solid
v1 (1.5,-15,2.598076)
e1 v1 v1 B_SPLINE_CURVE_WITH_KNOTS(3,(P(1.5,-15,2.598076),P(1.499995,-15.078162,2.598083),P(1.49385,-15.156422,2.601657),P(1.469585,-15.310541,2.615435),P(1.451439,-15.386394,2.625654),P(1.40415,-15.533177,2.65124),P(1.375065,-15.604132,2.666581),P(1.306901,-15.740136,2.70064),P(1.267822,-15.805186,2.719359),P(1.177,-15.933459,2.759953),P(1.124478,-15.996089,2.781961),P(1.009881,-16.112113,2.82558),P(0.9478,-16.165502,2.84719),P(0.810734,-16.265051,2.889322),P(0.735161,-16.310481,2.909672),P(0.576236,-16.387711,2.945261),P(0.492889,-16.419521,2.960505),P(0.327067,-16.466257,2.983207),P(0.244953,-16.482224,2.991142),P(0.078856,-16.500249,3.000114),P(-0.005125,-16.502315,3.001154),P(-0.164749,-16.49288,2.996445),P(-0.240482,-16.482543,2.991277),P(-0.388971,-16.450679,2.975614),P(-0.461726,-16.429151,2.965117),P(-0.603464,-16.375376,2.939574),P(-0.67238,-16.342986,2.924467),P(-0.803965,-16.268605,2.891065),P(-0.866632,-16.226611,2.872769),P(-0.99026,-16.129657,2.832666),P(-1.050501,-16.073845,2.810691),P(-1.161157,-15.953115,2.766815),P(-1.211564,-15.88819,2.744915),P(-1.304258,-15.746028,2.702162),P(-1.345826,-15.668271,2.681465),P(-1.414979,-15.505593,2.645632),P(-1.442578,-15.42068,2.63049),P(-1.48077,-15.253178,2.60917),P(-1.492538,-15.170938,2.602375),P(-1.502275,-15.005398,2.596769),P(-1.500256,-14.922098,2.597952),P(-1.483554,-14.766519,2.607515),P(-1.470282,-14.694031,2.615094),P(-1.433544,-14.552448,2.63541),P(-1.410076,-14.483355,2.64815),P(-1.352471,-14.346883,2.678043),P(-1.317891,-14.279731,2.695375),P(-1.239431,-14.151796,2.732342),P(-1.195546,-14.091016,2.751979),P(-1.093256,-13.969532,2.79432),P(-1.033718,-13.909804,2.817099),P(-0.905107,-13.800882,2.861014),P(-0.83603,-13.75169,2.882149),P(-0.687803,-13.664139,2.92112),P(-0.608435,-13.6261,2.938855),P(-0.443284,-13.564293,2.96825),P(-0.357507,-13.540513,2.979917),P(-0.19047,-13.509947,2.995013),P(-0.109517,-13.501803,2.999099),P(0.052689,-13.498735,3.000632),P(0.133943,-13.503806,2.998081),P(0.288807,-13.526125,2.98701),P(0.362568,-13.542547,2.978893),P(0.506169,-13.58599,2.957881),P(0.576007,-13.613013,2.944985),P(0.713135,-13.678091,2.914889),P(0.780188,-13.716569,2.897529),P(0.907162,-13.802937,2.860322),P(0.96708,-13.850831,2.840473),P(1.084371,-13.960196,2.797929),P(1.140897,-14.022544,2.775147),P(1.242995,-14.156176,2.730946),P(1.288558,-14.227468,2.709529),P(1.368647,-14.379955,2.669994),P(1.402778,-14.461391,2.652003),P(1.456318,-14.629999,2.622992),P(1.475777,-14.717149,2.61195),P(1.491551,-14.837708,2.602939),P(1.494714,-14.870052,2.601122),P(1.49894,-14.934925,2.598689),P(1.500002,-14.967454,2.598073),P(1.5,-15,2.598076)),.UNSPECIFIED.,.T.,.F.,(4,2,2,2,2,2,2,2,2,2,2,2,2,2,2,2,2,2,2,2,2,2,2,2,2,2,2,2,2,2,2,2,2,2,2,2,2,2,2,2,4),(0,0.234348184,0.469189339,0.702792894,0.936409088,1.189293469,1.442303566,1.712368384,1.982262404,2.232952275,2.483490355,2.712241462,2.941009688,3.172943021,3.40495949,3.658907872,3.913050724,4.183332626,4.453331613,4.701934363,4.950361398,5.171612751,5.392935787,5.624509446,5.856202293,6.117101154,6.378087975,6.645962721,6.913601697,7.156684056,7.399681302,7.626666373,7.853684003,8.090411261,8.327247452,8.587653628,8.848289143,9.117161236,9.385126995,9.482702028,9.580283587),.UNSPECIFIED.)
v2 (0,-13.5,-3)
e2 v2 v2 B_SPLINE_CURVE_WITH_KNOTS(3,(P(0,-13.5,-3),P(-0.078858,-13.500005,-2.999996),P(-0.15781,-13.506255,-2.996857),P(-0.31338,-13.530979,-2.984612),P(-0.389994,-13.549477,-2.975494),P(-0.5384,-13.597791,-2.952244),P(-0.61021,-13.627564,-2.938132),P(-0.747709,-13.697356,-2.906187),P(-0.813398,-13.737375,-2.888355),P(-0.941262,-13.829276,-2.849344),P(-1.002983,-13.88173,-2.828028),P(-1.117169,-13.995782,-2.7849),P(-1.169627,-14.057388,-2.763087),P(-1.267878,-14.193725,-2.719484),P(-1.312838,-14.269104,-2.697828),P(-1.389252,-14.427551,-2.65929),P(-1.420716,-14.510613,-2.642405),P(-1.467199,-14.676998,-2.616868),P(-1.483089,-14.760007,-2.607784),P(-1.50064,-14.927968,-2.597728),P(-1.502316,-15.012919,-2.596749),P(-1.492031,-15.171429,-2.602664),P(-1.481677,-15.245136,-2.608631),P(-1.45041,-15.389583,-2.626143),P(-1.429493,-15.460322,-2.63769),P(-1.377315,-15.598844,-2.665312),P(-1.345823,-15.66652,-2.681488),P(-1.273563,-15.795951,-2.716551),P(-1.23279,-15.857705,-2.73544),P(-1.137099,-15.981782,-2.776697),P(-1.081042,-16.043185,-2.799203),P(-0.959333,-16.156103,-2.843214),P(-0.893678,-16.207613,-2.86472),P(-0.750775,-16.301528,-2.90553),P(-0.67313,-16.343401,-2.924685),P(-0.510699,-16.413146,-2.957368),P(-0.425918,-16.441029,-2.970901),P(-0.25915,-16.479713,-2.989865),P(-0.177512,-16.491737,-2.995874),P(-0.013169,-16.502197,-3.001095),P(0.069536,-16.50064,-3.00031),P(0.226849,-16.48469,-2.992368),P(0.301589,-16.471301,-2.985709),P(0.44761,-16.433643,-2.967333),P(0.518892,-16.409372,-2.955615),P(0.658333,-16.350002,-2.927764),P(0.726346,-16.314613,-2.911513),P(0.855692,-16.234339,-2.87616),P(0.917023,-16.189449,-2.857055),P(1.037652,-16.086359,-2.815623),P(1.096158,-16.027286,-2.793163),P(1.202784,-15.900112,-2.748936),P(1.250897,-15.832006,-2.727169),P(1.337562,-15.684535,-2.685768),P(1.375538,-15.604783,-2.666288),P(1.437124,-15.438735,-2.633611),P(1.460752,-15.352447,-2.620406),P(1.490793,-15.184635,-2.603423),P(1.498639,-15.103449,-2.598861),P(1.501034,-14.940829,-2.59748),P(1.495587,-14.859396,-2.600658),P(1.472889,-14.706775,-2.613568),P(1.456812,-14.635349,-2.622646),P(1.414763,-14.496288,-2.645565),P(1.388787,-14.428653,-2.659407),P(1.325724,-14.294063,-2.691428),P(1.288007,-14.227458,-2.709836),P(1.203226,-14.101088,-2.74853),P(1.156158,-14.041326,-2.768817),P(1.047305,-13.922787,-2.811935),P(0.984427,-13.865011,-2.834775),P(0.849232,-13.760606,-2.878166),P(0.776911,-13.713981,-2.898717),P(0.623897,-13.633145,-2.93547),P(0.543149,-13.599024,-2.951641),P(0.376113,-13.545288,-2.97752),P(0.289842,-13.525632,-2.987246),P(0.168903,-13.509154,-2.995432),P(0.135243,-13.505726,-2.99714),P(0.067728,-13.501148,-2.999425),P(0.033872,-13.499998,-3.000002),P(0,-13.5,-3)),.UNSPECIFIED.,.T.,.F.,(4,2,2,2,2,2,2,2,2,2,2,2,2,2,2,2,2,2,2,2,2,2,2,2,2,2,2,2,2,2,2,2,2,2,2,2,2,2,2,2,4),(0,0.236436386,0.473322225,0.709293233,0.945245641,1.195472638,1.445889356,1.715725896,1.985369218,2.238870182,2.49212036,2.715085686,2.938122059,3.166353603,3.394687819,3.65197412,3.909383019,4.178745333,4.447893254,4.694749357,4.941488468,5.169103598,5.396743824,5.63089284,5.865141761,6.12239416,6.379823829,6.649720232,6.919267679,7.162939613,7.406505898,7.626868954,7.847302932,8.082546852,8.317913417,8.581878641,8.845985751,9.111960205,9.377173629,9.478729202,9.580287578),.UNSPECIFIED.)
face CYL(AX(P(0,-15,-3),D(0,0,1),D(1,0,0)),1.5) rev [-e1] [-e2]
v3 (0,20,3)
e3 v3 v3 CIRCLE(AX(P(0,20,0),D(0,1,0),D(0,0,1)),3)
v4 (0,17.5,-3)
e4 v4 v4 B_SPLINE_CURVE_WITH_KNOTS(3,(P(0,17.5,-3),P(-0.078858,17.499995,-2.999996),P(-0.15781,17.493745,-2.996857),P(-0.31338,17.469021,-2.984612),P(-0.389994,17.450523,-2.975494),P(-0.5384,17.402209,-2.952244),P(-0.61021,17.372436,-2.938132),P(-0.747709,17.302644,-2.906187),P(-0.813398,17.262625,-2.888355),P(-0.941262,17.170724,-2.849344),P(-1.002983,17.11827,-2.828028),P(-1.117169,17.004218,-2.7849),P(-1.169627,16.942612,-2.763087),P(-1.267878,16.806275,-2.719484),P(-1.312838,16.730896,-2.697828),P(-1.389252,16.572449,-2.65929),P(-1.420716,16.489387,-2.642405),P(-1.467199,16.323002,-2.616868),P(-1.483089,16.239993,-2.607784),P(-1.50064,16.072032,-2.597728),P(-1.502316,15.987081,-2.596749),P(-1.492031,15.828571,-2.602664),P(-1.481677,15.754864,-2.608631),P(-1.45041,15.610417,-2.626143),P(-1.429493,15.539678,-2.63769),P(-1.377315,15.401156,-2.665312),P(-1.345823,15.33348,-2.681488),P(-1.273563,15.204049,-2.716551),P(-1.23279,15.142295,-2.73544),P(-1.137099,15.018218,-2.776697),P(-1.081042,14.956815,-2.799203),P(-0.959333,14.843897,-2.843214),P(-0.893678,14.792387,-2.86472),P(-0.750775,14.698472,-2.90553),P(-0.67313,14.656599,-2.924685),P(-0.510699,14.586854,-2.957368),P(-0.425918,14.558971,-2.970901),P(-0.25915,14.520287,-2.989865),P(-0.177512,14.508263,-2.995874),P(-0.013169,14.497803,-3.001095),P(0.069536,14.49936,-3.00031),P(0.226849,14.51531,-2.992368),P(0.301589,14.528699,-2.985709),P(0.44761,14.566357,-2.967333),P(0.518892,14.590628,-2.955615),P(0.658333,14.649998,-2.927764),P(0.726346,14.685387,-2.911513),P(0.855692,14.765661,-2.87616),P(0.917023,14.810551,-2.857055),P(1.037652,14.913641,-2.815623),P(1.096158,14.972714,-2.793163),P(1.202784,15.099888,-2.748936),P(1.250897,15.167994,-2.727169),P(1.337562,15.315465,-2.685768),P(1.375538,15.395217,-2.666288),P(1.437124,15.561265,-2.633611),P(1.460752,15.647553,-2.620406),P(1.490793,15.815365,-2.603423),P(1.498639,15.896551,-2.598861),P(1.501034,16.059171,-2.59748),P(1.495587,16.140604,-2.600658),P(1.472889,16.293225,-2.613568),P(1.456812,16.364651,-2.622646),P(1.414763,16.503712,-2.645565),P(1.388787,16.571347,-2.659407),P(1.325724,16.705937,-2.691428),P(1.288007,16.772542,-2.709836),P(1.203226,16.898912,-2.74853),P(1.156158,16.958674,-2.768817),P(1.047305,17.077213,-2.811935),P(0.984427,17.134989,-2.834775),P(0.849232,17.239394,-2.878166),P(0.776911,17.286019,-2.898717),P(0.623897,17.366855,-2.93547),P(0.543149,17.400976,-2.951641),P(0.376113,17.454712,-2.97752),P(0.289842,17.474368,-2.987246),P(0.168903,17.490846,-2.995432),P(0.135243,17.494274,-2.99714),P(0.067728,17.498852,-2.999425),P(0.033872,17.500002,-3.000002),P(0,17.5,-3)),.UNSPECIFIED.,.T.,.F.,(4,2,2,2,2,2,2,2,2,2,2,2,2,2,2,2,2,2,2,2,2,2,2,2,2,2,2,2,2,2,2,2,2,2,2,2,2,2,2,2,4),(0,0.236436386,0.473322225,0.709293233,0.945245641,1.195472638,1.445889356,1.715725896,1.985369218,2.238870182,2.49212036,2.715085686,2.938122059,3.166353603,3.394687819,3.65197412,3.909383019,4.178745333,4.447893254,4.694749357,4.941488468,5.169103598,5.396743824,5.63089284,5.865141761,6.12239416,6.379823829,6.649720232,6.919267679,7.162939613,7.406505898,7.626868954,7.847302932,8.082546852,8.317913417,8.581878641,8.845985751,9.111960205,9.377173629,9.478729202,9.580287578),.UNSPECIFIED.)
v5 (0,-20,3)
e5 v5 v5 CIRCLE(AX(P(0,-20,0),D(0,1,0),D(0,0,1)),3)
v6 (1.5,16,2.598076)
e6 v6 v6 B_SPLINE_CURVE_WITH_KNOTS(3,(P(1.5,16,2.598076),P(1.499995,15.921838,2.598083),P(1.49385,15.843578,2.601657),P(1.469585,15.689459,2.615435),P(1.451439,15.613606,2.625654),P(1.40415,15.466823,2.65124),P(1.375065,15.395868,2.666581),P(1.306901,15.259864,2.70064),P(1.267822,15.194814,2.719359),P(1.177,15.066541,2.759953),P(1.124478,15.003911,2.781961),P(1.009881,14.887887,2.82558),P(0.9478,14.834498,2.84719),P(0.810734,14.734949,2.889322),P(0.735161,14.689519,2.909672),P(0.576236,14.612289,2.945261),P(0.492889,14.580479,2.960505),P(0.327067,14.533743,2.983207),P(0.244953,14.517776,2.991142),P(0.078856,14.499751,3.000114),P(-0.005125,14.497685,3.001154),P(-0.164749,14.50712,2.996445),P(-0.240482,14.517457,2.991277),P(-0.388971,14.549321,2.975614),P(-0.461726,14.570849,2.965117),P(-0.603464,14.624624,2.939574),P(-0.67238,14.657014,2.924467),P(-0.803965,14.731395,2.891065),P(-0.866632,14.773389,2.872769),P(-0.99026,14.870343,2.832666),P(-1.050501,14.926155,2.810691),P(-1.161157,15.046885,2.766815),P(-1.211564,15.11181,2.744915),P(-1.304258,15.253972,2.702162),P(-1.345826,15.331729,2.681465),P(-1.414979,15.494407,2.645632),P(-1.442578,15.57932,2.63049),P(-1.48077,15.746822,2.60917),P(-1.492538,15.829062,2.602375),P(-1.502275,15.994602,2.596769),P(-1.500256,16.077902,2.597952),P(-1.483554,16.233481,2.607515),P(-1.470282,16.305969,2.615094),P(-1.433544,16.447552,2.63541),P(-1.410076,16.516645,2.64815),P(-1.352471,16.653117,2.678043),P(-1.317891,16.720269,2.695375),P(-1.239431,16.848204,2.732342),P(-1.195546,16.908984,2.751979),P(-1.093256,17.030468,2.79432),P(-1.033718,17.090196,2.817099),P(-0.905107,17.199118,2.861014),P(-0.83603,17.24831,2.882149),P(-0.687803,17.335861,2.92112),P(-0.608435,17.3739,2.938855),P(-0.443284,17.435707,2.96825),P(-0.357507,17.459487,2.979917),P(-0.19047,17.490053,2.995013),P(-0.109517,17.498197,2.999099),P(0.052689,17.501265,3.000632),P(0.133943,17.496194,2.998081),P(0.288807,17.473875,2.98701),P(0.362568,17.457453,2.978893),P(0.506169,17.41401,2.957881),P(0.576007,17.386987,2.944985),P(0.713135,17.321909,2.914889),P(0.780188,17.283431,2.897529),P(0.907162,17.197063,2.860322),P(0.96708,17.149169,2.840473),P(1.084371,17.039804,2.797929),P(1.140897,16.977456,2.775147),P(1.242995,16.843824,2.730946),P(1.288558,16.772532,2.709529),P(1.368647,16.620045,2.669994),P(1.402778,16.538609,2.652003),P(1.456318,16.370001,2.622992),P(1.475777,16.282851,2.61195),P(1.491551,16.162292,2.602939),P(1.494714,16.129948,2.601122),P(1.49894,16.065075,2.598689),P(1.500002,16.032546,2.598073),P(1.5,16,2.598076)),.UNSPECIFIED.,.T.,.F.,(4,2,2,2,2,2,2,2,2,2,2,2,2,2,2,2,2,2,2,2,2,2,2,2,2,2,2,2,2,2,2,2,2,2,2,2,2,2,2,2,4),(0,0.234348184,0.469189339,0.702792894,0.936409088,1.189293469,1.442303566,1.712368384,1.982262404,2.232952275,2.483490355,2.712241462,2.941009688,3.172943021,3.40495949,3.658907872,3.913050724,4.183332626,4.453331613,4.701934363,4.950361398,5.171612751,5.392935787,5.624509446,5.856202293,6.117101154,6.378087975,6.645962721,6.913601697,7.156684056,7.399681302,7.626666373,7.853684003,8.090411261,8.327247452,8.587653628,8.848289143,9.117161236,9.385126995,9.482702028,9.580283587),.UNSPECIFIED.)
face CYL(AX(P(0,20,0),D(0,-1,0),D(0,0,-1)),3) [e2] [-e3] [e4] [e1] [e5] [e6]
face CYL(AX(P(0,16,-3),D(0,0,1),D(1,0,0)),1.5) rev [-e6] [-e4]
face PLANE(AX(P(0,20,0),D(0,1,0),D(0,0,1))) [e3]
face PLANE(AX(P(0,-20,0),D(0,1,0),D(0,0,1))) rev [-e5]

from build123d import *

# Parameters (mm, degrees)
SKETCH_1_R               = 3
EXTRUDE_1_DEPTH          = 20
SKETCH_2_R               = 1.5
CUT_EXTRUDE_1_DEPTH      = 4
CUT_EXTRUDE_1_DEPTH_BACK = 4


with BuildPart() as part:
    # 草圖1 → 填料-伸長1 (new body, symmetric)
    with BuildSketch(Plane(origin=(0, 0, 0), x_dir=(1, 0, 0), z_dir=(0, 1, 0))):
        Circle(SKETCH_1_R)
    extrude(amount=EXTRUDE_1_DEPTH, both=True)

    # 草圖2 → 除料-伸長1 (cut, two sides)
    with BuildSketch(Plane.XY) as cut_extrude_1_sk:
        with Locations((0, 16)):
            Circle(SKETCH_2_R)
        with Locations((0, -15)):
            Circle(SKETCH_2_R)
    extrude(amount=CUT_EXTRUDE_1_DEPTH, mode=Mode.SUBTRACT)
    extrude(cut_extrude_1_sk.sketch, amount=-CUT_EXTRUDE_1_DEPTH_BACK, mode=Mode.SUBTRACT)


solid = part.part
